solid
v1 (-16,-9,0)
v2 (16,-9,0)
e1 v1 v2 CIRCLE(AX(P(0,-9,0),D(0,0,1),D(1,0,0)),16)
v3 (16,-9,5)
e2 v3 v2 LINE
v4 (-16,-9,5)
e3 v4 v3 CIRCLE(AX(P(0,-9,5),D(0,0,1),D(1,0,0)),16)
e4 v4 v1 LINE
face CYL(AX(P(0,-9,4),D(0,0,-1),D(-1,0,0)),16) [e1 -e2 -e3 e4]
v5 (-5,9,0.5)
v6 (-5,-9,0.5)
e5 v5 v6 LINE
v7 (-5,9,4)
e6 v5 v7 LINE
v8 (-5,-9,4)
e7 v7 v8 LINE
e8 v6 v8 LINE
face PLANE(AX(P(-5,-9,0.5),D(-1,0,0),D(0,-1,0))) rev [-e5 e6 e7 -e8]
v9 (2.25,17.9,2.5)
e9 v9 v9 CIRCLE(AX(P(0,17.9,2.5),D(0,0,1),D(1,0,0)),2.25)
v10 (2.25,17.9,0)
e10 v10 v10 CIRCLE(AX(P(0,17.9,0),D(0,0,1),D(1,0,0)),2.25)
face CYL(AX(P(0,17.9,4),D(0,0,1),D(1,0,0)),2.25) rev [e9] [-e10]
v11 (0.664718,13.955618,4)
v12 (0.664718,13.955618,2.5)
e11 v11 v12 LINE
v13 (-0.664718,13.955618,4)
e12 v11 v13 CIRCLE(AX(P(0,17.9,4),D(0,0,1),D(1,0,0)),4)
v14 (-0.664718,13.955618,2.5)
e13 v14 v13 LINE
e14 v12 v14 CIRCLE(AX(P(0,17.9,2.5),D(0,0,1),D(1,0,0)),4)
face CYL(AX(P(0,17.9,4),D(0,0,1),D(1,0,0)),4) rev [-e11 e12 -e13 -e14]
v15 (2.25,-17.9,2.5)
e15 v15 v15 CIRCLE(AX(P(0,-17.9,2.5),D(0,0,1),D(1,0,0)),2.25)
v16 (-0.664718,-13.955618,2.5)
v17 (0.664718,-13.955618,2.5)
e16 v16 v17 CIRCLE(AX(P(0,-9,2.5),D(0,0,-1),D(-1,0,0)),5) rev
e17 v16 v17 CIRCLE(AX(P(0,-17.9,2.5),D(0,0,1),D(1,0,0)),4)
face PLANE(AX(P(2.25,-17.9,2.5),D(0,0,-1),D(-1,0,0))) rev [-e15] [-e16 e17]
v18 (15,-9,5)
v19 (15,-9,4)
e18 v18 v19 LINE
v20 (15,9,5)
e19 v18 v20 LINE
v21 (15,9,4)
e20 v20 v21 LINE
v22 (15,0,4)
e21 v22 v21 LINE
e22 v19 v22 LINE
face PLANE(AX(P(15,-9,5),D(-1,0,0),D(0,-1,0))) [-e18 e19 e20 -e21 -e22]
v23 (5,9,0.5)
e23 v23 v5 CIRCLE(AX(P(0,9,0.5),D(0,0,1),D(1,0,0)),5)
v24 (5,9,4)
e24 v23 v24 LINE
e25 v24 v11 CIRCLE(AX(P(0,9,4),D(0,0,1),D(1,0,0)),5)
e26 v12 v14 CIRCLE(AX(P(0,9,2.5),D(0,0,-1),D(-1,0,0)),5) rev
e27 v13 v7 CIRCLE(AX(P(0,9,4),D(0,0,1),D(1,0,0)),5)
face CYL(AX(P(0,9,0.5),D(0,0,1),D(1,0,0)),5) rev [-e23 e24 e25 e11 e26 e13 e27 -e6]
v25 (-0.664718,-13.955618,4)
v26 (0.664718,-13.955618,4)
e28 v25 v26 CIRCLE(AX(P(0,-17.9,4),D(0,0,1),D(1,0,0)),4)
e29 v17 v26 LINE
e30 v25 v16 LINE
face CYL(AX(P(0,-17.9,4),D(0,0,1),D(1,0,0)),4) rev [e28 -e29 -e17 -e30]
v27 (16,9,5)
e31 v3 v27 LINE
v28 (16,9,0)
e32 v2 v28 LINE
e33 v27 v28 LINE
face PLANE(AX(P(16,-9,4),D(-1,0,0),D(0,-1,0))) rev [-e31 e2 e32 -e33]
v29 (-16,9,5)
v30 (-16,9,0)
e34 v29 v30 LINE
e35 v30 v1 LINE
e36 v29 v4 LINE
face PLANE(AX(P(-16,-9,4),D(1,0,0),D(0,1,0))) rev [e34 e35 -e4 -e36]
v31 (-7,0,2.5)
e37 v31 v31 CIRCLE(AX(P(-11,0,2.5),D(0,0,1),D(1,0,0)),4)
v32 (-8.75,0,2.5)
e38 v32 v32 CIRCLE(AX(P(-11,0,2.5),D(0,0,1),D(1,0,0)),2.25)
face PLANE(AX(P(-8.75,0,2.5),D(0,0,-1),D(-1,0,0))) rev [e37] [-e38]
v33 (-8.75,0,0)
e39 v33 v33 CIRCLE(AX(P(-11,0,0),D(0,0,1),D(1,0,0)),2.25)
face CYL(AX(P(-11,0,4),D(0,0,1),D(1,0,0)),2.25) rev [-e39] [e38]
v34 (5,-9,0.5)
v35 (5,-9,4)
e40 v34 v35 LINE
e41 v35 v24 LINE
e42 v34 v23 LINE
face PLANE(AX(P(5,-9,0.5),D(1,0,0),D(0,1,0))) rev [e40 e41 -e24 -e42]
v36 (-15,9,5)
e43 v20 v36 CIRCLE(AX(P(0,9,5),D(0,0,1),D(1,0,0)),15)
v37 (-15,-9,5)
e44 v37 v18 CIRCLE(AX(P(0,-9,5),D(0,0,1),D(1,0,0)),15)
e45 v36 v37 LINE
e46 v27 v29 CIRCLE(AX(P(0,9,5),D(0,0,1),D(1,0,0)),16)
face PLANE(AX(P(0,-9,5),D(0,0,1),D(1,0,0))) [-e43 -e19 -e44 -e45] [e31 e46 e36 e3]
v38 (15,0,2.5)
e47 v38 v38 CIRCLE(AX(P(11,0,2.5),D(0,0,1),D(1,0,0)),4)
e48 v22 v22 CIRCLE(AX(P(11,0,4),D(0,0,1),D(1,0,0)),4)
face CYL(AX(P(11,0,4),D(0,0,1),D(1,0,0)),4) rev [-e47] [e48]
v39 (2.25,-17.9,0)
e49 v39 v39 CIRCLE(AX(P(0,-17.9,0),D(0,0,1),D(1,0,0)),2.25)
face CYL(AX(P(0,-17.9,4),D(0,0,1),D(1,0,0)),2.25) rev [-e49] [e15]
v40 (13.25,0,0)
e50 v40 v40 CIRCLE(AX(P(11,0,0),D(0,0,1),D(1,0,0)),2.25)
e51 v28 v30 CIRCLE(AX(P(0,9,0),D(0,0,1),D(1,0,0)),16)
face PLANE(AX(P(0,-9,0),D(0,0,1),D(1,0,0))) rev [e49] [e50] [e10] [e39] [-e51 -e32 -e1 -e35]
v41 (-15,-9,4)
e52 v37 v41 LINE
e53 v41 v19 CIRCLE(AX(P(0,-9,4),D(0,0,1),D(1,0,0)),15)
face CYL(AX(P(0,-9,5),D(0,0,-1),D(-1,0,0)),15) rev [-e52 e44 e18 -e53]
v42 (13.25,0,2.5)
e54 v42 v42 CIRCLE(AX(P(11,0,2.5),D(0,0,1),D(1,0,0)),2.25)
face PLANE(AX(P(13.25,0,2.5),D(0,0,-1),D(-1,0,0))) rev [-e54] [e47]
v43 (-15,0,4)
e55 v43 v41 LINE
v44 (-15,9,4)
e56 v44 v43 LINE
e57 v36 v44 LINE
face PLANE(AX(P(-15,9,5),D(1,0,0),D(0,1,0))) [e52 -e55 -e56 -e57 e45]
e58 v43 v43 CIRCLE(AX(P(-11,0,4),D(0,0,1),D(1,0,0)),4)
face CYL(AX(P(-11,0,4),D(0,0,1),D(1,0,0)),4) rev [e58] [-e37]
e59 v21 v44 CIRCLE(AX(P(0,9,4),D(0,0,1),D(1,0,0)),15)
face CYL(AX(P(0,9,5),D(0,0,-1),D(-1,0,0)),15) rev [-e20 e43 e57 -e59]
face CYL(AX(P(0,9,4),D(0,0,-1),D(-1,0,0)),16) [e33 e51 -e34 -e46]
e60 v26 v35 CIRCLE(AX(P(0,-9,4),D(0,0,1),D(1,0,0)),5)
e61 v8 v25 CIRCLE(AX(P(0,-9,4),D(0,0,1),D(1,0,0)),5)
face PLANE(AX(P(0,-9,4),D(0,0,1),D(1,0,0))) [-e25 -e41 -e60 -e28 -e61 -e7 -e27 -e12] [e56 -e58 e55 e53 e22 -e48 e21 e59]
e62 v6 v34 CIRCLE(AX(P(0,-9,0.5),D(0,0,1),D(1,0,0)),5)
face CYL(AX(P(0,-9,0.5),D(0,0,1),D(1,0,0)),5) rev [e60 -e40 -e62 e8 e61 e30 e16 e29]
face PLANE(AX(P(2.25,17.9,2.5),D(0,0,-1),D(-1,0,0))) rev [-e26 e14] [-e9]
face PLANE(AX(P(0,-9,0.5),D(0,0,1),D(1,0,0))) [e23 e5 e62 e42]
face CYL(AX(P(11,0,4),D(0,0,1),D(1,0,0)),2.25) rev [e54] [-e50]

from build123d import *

# Parameters (mm, degrees)
BOSS_EXTRUDE1_DEPTH                     = 4
CUT_EXTRUDE1_DEPTH                      = 3.5
BOSS_EXTRUDE2_DEPTH                     = 1
CBORE_FOR_M5_HEX_HEAD_BOLT1_D           = 4.5
CBORE_FOR_M5_HEX_HEAD_BOLT1_CBORE_D     = 8
CBORE_FOR_M5_HEX_HEAD_BOLT1_CBORE_DEPTH = 1.5


with BuildPart() as part:
    # Sketch1 → Boss-Extrude1 (new body)
    with BuildSketch(Plane.XY):
        with BuildLine():
            Line((-16, -9), (-16, 9))
            ThreePointArc((-16, 9), (0, 25), (16, 9))
            Line((16, 9), (16, -9))
            ThreePointArc((16, -9), (0, -25), (-16, -9))
        make_face()
    extrude(amount=BOSS_EXTRUDE1_DEPTH)

    # Sketch2 → Cut-Extrude1 (cut)
    with BuildSketch(Plane.XY.offset(4)):
        with BuildLine():
            Line((-5, -9), (-5, 9))
            ThreePointArc((-5, 9), (0, 14), (5, 9))
            Line((5, 9), (5, -9))
            ThreePointArc((5, -9), (0, -14), (-5, -9))
        make_face()
    extrude(amount=-CUT_EXTRUDE1_DEPTH, mode=Mode.SUBTRACT)

    # Sketch3 → Boss-Extrude2 (add)
    with BuildSketch(Plane.XY.offset(4)):
        with BuildLine():
            Line((16, -9), (16, 9))
            ThreePointArc((16, 9), (0, 25), (-16, 9))
            Line((-16, 9), (-16, -9))
            ThreePointArc((-16, -9), (0, -25), (16, -9))
        make_face()
        with BuildLine():
            Line((-15, 9), (-15, -9))
            ThreePointArc((-15, -9), (0, -24), (15, -9))
            Line((15, -9), (15, 9))
            ThreePointArc((15, 9), (0, 24), (-15, 9))
        make_face(mode=Mode.SUBTRACT)
    extrude(amount=BOSS_EXTRUDE2_DEPTH)

    # CBORE for M5 Hex Head Bolt1 (through all)
    with Locations(Plane.XY.offset(4)):
        with Locations((0, 17.9), (11, 0), (-11, 0), (0, -17.9)):
            CounterBoreHole(CBORE_FOR_M5_HEX_HEAD_BOLT1_D / 2, CBORE_FOR_M5_HEX_HEAD_BOLT1_CBORE_D / 2, CBORE_FOR_M5_HEX_HEAD_BOLT1_CBORE_DEPTH)


solid = part.part
